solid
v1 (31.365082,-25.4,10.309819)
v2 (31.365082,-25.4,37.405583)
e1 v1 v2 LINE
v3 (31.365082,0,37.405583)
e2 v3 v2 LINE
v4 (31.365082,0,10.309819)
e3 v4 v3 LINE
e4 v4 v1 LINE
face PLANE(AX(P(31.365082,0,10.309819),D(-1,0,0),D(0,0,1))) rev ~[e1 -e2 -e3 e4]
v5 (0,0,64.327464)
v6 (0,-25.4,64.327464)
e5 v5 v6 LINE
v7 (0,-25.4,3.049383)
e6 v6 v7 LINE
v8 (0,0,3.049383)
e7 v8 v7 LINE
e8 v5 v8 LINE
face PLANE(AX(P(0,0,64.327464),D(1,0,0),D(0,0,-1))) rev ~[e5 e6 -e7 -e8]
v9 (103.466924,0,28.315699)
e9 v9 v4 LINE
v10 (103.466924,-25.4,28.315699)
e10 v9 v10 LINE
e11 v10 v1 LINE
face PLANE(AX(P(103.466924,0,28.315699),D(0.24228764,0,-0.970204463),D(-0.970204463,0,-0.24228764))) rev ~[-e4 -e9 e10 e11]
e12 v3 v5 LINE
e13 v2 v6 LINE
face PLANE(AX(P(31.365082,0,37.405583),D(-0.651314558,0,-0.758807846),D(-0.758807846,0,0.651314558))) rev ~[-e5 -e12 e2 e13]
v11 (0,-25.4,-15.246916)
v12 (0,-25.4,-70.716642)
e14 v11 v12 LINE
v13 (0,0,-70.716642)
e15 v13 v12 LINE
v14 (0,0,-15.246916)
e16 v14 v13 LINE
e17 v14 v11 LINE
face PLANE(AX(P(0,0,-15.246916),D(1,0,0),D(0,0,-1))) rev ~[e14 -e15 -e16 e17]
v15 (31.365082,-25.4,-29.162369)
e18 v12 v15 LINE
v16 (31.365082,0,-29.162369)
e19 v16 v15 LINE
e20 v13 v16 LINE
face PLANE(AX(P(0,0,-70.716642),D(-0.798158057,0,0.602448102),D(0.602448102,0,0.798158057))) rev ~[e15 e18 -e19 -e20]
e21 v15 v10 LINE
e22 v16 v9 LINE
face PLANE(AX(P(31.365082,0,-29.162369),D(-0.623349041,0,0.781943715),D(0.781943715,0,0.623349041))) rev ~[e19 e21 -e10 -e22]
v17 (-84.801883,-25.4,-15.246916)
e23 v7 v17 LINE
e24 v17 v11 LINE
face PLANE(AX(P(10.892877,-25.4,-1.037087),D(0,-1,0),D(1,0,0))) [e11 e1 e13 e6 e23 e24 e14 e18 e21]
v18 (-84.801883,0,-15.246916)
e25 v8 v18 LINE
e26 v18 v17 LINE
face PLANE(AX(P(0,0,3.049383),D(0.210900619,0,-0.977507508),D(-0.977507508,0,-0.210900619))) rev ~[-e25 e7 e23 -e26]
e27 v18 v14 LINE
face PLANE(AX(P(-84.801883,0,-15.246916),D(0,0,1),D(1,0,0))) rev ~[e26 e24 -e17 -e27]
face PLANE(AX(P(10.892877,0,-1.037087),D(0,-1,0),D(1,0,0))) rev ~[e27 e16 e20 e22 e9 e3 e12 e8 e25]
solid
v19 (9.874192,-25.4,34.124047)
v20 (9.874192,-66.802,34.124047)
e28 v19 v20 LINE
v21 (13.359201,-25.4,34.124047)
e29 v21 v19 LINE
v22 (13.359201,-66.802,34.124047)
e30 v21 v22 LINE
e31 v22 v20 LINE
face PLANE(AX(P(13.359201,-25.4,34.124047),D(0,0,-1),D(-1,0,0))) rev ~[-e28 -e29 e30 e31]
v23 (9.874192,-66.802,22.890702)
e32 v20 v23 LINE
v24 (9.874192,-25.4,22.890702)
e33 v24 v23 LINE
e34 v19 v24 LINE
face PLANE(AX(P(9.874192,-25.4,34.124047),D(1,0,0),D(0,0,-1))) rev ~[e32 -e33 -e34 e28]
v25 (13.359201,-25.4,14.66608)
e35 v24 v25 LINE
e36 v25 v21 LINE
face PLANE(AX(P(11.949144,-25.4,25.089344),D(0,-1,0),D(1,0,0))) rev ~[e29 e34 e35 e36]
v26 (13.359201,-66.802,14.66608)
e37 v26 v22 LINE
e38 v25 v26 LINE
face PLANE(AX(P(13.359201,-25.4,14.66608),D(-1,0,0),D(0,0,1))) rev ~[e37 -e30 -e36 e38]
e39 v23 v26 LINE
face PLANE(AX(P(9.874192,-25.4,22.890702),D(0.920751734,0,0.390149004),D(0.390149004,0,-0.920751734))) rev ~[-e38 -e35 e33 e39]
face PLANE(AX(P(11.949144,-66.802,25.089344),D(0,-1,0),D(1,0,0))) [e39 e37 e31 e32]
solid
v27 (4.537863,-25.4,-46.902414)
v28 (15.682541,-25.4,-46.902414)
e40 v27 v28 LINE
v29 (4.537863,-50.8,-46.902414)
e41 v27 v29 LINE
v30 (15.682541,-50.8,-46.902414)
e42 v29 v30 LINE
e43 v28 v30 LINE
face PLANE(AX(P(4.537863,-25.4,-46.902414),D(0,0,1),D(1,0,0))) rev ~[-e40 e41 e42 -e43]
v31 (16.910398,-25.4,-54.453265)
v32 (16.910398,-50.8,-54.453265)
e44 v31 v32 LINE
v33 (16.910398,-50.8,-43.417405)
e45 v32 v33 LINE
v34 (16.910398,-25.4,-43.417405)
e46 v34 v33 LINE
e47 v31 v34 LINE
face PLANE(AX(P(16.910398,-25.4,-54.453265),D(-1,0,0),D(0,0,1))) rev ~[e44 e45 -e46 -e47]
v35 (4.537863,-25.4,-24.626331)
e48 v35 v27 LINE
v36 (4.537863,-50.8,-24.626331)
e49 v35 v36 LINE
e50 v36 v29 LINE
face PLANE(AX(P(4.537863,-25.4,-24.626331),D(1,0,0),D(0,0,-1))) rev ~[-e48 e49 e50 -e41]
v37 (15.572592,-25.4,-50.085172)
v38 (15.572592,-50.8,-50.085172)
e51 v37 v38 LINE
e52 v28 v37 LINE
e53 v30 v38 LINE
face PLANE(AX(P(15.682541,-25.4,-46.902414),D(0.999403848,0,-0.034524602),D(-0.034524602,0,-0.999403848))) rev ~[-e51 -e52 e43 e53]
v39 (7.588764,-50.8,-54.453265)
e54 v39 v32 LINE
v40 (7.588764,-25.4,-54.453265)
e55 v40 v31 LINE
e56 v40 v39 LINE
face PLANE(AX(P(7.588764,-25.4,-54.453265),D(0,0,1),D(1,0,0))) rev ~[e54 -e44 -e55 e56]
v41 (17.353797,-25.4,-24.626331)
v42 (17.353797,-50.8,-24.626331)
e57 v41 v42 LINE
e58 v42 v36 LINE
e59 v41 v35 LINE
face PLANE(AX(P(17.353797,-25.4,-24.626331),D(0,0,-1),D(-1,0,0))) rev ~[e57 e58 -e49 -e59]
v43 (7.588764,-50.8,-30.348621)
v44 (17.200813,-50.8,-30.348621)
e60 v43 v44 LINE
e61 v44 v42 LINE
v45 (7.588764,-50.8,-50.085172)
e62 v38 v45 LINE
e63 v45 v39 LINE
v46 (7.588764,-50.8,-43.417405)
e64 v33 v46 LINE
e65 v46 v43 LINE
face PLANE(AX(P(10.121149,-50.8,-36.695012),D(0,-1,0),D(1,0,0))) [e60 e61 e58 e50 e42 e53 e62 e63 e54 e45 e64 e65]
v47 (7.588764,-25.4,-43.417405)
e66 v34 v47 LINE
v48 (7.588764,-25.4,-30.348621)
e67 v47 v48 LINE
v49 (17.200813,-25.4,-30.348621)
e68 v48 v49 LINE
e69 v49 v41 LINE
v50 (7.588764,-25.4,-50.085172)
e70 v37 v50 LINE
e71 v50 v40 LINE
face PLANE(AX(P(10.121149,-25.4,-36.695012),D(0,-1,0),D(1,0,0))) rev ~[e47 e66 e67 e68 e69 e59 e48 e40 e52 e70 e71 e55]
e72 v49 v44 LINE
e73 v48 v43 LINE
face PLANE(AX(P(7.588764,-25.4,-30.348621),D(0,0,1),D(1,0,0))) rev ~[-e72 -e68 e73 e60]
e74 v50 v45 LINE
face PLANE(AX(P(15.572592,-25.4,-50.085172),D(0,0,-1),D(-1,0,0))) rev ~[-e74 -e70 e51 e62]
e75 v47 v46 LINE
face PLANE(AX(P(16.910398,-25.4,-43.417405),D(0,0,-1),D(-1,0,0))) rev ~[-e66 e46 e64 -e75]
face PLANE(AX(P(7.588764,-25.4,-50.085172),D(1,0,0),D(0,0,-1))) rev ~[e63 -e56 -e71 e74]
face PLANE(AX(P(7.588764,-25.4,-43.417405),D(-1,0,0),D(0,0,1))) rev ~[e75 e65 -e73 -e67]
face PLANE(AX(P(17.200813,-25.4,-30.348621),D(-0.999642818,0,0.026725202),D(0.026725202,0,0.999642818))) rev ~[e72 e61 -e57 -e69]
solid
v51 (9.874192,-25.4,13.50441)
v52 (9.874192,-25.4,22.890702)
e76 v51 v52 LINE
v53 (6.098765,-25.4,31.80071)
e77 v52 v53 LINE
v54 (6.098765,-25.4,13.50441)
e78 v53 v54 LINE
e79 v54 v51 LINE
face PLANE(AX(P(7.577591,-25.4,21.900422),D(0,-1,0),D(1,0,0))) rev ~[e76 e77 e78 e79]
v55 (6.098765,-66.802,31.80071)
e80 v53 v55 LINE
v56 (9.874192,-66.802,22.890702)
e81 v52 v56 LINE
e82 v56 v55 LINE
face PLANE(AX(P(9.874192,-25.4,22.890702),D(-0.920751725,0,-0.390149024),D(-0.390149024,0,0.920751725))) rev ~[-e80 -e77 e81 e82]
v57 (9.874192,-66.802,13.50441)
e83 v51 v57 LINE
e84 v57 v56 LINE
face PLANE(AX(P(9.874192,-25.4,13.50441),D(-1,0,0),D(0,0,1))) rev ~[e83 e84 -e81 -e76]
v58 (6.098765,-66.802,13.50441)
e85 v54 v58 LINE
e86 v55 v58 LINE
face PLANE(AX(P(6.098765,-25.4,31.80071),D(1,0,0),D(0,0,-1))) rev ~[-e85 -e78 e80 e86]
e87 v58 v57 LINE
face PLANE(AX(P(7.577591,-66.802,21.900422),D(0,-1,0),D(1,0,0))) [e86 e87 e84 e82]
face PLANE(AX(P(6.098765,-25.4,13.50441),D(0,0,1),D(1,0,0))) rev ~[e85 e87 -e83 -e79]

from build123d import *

# Parameters (mm, degrees)
F1_DEPTH = 25.4
F3_DEPTH = 41.402
F5_DEPTH = 25.4


with BuildPart() as f1:
    # F0 (on Front) → F1 (new body)
    with BuildSketch(Plane.XZ):
        Polygon((31.365082, 37.405583), (0, 64.327464), (0, 3.049383), (-84.801883, -15.246916), (0, -15.246916), (0, -70.716642), (31.365082, -29.162369), (103.466924, 28.315699), (31.365082, 10.309819), align=None)
    extrude(amount=F1_DEPTH)


with BuildPart() as f3:
    # F2 (on face) → F3 (new body)
    with BuildSketch(Plane.XZ.offset(25.4)):
        Polygon((9.874192, 34.124047), (9.874192, 22.890702), (13.359201, 14.66608), (13.359201, 34.124047), align=None)
        Polygon((6.098765, 31.80071), (6.098765, 13.50441), (9.874192, 13.50441), (9.874192, 22.890702), align=None)
    extrude(amount=F3_DEPTH)


with BuildPart() as f5:
    # F4 (on face) → F5 (new body)
    with BuildSketch(Plane.XZ.offset(25.4)):
        Polygon((7.588764, -30.348621), (17.200813, -30.348621), (17.353797, -24.626331), (4.537863, -24.626331), (4.537863, -29.162369), (4.537863, -46.902414), (7.588764, -46.902414), (15.682541, -46.902414), (15.572592, -50.085172), (16.910398, -48.312769), (16.910398, -43.417405), (7.588764, -43.417405), (7.588764, -38.032392), align=None)
        Polygon((16.910398, -54.453265), (16.910398, -48.312769), (15.572592, -50.085172), (12.275564, -54.453265), align=None)
        Polygon((12.275564, -54.453265), (15.572592, -50.085172), (7.588764, -50.085172), (7.588764, -54.453265), align=None)
    extrude(amount=F5_DEPTH)


solid = Compound([f1.part, f3.part, f5.part])
